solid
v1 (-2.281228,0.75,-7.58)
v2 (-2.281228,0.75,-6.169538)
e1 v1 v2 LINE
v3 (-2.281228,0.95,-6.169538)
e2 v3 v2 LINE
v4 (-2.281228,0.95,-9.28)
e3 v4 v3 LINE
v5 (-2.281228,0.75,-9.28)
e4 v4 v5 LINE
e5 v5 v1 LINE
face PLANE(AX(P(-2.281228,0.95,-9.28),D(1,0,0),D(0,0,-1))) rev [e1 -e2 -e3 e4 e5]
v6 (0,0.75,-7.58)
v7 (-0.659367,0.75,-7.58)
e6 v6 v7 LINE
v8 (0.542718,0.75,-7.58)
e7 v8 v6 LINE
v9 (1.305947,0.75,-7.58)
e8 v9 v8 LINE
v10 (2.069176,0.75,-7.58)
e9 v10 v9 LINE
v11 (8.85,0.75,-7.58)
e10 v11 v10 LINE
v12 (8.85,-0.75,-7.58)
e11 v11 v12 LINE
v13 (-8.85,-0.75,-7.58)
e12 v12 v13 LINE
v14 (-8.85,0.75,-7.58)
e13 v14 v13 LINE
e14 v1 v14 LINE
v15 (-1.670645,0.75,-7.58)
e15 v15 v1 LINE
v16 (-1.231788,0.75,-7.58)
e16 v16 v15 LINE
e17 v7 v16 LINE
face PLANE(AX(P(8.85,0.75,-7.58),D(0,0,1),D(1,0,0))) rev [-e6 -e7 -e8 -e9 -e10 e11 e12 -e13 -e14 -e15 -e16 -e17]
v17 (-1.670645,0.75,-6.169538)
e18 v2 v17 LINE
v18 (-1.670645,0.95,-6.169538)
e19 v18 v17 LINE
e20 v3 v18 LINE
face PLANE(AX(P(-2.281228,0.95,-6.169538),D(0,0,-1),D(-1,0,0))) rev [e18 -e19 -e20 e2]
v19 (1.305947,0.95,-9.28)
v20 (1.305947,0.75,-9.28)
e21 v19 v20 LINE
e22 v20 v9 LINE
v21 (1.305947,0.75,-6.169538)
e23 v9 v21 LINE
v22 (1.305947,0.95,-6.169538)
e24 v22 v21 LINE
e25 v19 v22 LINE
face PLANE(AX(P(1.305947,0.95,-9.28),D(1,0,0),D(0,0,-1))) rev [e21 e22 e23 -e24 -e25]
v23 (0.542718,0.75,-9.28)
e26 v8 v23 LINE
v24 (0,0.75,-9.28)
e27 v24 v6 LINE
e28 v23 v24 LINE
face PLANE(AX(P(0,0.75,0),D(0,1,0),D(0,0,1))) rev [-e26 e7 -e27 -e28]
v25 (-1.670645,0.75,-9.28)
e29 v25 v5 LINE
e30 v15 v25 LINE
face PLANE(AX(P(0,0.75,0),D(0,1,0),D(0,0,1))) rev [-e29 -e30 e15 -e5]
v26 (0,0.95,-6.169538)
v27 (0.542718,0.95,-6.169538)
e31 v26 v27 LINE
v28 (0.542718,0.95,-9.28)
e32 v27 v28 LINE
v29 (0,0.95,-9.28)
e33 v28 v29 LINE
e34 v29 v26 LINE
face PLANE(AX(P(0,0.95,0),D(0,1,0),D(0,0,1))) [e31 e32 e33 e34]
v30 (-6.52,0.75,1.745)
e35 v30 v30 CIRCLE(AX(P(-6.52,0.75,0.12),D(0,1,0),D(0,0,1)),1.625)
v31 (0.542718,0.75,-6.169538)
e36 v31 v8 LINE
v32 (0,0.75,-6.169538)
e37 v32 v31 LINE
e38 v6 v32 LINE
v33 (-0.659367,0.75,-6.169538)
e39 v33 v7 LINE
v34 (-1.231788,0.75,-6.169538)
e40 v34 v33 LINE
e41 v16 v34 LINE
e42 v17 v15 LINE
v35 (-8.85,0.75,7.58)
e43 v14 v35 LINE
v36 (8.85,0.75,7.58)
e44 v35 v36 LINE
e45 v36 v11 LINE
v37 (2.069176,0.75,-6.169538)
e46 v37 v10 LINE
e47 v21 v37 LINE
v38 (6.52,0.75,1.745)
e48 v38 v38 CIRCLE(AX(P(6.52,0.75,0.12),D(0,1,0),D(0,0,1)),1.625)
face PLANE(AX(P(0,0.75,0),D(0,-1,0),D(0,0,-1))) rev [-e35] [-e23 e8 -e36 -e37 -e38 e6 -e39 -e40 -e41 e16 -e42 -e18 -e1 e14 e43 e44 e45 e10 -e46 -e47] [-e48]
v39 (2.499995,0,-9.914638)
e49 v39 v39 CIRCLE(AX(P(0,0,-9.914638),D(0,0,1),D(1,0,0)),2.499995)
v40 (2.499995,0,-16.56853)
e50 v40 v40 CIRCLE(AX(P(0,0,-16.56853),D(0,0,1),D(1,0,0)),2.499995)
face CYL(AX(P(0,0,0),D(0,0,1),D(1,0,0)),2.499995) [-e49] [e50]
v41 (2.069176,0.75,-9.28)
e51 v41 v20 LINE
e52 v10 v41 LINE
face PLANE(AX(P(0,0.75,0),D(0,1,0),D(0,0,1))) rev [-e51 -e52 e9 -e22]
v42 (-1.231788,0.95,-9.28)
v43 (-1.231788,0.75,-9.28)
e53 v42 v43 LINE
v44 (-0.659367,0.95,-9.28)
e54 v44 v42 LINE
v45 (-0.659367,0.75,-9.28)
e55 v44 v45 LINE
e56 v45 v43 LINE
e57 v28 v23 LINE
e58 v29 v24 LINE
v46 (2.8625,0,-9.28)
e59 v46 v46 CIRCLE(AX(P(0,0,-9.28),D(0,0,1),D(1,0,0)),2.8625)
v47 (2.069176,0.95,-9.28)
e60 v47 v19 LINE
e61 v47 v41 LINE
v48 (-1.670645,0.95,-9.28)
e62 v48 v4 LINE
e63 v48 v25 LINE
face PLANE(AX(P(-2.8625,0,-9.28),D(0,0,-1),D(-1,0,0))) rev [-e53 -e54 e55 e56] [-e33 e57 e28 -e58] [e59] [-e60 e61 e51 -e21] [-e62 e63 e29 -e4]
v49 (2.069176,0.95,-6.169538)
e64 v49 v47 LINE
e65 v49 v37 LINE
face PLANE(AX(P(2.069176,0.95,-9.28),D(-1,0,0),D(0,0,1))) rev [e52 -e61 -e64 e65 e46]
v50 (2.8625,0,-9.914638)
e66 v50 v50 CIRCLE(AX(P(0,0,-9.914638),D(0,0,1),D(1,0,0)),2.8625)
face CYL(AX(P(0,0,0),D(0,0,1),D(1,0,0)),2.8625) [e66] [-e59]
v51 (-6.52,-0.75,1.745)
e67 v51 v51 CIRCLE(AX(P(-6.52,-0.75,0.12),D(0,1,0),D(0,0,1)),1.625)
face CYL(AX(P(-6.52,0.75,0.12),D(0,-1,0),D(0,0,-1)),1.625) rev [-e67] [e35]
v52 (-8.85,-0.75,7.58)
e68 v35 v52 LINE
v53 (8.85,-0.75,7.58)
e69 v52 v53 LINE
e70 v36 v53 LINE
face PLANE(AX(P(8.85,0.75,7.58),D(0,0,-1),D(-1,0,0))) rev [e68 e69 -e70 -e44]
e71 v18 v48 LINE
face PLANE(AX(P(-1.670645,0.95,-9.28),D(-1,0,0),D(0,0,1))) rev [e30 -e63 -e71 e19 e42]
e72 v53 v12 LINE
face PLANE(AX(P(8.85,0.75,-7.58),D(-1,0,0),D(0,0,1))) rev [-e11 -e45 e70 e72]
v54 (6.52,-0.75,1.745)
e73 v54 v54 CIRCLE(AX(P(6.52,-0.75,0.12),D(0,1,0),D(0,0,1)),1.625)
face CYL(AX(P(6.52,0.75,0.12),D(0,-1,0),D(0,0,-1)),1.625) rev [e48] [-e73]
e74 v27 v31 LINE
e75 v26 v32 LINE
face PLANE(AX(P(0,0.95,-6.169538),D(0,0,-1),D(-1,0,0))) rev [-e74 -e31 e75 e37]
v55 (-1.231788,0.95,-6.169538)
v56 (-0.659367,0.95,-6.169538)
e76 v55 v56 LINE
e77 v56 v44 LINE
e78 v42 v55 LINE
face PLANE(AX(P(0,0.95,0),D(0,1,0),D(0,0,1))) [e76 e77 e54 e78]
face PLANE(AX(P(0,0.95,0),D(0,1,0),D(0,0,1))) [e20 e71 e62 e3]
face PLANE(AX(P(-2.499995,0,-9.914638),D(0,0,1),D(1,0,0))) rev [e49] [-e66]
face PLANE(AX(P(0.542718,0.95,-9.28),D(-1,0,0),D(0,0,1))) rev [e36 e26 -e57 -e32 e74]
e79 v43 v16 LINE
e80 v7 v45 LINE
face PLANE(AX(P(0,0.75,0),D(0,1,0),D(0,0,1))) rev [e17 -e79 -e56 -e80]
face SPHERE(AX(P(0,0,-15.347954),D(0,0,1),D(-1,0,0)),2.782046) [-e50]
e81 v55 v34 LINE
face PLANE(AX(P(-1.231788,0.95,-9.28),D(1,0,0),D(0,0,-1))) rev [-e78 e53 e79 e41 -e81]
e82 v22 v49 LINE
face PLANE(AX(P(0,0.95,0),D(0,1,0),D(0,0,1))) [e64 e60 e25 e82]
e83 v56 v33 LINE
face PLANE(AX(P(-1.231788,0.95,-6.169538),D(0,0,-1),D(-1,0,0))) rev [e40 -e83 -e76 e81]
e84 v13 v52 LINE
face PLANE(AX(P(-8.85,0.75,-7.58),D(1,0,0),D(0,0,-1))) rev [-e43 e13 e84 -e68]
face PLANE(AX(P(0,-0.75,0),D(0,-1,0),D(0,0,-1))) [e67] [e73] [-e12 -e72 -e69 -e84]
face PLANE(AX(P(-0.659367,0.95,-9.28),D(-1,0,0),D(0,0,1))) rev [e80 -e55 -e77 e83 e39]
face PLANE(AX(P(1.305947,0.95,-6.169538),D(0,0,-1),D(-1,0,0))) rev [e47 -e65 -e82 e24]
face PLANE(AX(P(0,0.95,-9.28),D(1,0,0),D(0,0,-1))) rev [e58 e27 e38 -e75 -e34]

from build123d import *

# Parameters (mm, degrees)
SKETCH1_W           = 17.7
SKETCH1_H           = 15.16
SKETCH1_R           = 1.625
BOSS_EXTRUDE1_DEPTH = 0.75
SKETCH3_W           = 0.610582996
SKETCH3_H           = 3.110461755
SKETCH3_W_2         = 0.572421558
SKETCH3_W_3         = 0.542718384
SKETCH3_W_4         = 0.763228744
BOSS_EXTRUDE2_DEPTH = 0.2


with BuildPart() as part:
    # Sketch1 → Boss-Extrude1 (new, symmetric)
    with BuildSketch(Plane(origin=(0, 0, 0), x_dir=(1, 0, 0), z_dir=(0, 1, 0))):
        Rectangle(SKETCH1_W, SKETCH1_H)
        with Locations(Location((-6.52, -0.12, 0), (0, 0, 270))):
            Circle(SKETCH1_R, mode=Mode.SUBTRACT)
        with Locations(Location((6.52, -0.12, 0), (0, 0, 270))):
            Circle(SKETCH1_R, mode=Mode.SUBTRACT)
    extrude(amount=BOSS_EXTRUDE1_DEPTH, both=True)



with BuildPart() as body_2:
    # Sketch2 → Revolve1 (revolve)
    with BuildSketch(Plane(origin=(0, 0, 0), x_dir=(1, 0, 0), z_dir=(0, 1, 0)), mode=Mode.PRIVATE) as revolve1_sk:
        with BuildLine():
            Line((0, 9.28), (0, 18.13))
            ThreePointArc((0, 18.13), (-1.473784577, 17.707559711), (-2.499995, 16.568529884))
            Line((-2.499995, 16.568529884), (-2.499995, 9.914637604))
            Line((-2.499995, 9.914637604), (-2.862499587, 9.914637604))
            Line((-2.862499587, 9.914637604), (-2.862499587, 9.28))
            Line((-2.862499587, 9.28), (0, 9.28))
        make_face()
    revolve(revolve1_sk.sketch.rotate(Axis((0, 0, 0), (0, 0, -1)), 180), axis=Axis((0, 0, 0), (0, 0, -1)))


with BuildPart() as part_1:
    add(part.part)

    add(body_2.part)  # Boss-Extrude2 merges body 2
    # Sketch3 → Boss-Extrude2 (add)
    with BuildSketch(Plane(origin=(0, 0.75, 0), x_dir=(1, 0, 0), z_dir=(0, 1, 0))):
        with Locations((-1.975936472, 7.724769123)):
            Rectangle(SKETCH3_W, SKETCH3_H)
        with Locations((-0.945577667, 7.724769123)):
            Rectangle(SKETCH3_W_2, SKETCH3_H)
        with Locations((0.271359192, 7.724769123)):
            Rectangle(SKETCH3_W_3, SKETCH3_H)
        with Locations((1.6875615, 7.724769123)):
            Rectangle(SKETCH3_W_4, SKETCH3_H)
    extrude(amount=BOSS_EXTRUDE2_DEPTH)


solid = part_1.part
